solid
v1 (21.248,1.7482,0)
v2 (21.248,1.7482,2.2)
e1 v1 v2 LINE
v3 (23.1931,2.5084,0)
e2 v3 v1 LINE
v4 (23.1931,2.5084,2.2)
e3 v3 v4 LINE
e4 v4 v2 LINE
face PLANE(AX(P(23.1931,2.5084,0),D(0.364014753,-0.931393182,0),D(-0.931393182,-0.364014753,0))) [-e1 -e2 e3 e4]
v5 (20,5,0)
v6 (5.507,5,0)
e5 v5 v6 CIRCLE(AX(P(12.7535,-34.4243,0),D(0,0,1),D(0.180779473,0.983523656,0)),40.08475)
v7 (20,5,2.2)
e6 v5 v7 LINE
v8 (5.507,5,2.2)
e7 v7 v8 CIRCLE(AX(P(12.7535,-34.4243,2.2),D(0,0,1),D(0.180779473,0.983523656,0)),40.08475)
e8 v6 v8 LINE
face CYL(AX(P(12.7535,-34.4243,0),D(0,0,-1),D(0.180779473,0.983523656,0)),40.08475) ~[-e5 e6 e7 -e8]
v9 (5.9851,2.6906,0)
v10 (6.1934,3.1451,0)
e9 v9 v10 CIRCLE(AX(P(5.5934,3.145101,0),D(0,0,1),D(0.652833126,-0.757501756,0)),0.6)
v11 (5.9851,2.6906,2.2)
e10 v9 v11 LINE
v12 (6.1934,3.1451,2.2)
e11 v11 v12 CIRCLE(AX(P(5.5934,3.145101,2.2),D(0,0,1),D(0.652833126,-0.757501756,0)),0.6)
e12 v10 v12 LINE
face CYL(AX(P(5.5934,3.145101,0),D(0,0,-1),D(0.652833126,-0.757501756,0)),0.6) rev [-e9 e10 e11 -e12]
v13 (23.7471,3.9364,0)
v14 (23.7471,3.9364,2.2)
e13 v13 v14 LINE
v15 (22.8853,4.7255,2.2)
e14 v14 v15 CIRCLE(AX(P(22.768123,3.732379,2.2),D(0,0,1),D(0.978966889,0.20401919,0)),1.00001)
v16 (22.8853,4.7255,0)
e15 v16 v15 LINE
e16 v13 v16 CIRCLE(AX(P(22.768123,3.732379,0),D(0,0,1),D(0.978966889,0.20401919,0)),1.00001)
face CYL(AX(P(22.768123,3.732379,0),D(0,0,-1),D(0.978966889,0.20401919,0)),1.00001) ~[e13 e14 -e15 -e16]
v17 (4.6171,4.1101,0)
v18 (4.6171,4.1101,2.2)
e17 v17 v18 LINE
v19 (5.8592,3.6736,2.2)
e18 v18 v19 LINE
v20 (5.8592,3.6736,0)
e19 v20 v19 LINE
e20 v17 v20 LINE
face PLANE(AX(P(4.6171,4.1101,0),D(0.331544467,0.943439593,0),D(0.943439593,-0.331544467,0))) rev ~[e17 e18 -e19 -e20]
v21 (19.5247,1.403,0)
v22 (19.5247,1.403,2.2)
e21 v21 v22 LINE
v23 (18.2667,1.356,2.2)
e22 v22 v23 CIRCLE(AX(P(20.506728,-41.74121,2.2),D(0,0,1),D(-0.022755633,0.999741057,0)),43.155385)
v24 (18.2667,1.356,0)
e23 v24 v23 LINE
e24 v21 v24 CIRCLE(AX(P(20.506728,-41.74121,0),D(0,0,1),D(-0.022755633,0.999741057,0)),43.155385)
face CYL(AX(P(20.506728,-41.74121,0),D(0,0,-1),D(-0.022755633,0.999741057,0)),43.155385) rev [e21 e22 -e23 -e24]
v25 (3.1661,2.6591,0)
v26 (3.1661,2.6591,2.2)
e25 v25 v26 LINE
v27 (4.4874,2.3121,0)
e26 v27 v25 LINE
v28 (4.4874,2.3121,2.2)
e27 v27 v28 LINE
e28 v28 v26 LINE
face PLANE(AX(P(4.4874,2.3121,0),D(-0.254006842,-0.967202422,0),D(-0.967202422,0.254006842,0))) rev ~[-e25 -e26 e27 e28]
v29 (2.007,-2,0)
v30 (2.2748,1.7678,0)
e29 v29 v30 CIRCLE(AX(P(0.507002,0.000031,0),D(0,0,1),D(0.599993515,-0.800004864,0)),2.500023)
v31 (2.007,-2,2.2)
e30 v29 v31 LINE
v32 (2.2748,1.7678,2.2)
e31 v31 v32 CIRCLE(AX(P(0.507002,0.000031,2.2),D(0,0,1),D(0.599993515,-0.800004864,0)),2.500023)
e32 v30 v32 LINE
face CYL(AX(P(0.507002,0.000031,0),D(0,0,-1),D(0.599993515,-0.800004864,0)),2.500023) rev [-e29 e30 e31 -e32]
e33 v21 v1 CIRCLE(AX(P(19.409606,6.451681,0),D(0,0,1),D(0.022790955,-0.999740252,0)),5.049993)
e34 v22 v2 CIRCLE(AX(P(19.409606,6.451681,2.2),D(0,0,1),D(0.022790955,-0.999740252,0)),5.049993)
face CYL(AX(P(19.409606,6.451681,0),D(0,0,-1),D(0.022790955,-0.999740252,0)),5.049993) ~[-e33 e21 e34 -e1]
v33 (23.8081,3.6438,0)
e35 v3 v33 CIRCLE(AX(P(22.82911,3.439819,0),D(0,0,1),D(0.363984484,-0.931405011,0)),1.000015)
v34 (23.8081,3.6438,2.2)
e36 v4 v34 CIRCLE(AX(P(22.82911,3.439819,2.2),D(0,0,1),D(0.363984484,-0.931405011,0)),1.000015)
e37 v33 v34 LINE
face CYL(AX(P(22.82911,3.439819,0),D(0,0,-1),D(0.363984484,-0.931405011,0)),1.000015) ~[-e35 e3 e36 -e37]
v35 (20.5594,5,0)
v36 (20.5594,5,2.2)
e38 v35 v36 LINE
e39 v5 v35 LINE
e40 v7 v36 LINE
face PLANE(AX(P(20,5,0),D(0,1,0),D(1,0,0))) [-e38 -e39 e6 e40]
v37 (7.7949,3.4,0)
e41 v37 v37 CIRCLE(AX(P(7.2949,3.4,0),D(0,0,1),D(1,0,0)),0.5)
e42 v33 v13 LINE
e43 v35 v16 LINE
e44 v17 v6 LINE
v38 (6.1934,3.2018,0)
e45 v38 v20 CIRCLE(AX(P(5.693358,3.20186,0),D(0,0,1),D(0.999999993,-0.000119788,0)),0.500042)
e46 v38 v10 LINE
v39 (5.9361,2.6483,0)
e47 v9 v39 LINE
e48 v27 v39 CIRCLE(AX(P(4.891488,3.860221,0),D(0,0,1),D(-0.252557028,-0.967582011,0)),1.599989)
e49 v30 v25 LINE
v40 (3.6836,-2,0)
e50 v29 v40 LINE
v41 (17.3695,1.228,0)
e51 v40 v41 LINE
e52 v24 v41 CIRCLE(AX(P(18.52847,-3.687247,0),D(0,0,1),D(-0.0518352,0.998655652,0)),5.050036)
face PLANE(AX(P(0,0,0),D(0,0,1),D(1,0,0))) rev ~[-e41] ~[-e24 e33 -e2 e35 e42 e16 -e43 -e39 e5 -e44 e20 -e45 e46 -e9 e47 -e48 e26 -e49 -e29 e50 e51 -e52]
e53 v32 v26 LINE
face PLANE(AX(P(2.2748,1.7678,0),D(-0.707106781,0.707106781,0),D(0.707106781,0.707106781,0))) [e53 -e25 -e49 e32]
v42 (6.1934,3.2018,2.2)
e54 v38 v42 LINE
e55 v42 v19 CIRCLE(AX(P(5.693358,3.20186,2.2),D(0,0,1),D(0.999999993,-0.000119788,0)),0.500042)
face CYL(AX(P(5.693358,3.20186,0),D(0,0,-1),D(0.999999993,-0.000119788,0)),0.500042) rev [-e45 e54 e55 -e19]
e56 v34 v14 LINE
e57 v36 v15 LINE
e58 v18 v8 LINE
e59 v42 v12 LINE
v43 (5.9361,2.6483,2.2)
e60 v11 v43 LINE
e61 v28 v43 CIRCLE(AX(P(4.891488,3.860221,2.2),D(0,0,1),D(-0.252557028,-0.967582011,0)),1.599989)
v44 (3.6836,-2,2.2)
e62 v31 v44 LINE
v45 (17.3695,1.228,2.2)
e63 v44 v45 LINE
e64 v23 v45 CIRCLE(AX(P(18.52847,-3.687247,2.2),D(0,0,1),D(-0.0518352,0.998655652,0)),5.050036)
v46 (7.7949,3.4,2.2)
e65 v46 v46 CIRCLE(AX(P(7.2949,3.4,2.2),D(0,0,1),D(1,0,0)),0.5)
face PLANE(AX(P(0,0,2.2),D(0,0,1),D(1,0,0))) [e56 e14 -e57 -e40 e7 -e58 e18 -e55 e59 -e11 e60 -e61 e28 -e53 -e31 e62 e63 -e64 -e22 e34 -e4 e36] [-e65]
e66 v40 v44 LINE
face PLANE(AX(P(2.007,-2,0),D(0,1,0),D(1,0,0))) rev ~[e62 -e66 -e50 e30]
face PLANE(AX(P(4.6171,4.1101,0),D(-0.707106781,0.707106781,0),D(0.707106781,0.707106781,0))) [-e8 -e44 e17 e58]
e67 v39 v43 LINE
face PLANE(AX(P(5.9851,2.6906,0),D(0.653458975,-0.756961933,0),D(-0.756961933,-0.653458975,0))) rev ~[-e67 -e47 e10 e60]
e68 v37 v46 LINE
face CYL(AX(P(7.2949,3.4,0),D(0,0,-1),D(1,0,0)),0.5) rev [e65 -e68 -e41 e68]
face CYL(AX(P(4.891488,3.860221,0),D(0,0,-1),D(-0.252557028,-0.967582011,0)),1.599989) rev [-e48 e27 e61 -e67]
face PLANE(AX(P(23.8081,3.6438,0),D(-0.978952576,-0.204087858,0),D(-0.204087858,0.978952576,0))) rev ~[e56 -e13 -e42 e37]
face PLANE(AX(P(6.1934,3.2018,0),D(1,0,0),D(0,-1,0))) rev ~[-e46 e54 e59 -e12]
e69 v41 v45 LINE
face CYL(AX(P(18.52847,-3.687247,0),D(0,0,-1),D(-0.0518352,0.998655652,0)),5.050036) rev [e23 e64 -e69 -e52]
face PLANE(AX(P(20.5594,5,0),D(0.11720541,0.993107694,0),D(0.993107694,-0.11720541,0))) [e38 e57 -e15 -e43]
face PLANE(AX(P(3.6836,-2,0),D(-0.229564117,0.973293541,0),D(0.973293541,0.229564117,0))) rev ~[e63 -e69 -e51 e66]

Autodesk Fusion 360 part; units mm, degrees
sketch "Sketch1" plane through (0, 0, 0) normal (0, 0, 1) x (1, 0, 0)
  line L0 (4.6171, 4.1101) -> (5.507, 5)
  line L1 (20, 5) -> (20.5594, 5)
  line L2 (2.2748, 1.7678) -> (3.1661, 2.6591)
  arc A0 (19.5247, 1.403) -> (18.2667, 1.356) centre (20.507, -41.7412) ccw
  line L3 (2.007, -2) -> (3.6836, -2)
  line L4 (20.5594, 5) -> (22.8853, 4.7255)
  line L5 (37.507, -0.5557) -> (37.507, -2.0752)
  arc A1 (2.007, -2) -> (2.2748, 1.7678) centre (0.507, 0) ccw
  arc A2 (37.507, -0.5557) -> (33.9758, 3.4167) centre (33.507, -0.5557) ccw
  circle A3 centre (7.2949, 3.4) radius 0.5
  arc A4 (20, 5) -> (5.507, 5) centre (12.7535, -34.4243) ccw
  line L6 (3.6836, -2) -> (17.3695, 1.228)
  line L7 (23.8081, 3.6438) -> (23.7471, 3.9364)
  line L8 (23.1931, 2.5084) -> (21.248, 1.7482)
  arc A5 (23.7471, 3.9364) -> (22.8853, 4.7255) centre (22.7681, 3.7324) ccw
  arc A6 (23.1931, 2.5084) -> (23.8081, 3.6438) centre (22.8291, 3.4398) ccw
  arc A7 (19.5247, 1.403) -> (21.248, 1.7482) centre (19.4097, 6.4517) ccw
  arc A8 (18.2667, 1.356) -> (17.3695, 1.228) centre (18.5288, -3.6872) ccw
  line L9 (4.6171, 4.1101) -> (5.8592, 3.6736)
  line L10 (6.1934, 3.2018) -> (6.1934, 3.1451)
  line L11 (5.9851, 2.6906) -> (5.9361, 2.6483)
  line L12 (4.4874, 2.3121) -> (3.1644, 2.6574)
  arc A9 (6.1934, 3.2018) -> (5.8592, 3.6736) centre (5.6934, 3.2018) ccw
  arc A10 (5.9851, 2.6906) -> (6.1934, 3.1451) centre (5.5934, 3.1451) ccw
  arc A11 (4.4874, 2.3121) -> (5.9361, 2.6483) centre (4.8914, 3.8602) ccw
  dimension "d13" = 5
  dimension "d14" = 4
  dimension "d17" = 1
  dimension "d18" = 1.6
  dimension "d24" = 1
  dimension "d25" = 5.05
  dimension "d26" = 0.5
  dimension "d27" = 0.6
  dimension "d28" = 1.6
extrude "Extrude3" add sketch "Sketch1" along normal blind 2.2
